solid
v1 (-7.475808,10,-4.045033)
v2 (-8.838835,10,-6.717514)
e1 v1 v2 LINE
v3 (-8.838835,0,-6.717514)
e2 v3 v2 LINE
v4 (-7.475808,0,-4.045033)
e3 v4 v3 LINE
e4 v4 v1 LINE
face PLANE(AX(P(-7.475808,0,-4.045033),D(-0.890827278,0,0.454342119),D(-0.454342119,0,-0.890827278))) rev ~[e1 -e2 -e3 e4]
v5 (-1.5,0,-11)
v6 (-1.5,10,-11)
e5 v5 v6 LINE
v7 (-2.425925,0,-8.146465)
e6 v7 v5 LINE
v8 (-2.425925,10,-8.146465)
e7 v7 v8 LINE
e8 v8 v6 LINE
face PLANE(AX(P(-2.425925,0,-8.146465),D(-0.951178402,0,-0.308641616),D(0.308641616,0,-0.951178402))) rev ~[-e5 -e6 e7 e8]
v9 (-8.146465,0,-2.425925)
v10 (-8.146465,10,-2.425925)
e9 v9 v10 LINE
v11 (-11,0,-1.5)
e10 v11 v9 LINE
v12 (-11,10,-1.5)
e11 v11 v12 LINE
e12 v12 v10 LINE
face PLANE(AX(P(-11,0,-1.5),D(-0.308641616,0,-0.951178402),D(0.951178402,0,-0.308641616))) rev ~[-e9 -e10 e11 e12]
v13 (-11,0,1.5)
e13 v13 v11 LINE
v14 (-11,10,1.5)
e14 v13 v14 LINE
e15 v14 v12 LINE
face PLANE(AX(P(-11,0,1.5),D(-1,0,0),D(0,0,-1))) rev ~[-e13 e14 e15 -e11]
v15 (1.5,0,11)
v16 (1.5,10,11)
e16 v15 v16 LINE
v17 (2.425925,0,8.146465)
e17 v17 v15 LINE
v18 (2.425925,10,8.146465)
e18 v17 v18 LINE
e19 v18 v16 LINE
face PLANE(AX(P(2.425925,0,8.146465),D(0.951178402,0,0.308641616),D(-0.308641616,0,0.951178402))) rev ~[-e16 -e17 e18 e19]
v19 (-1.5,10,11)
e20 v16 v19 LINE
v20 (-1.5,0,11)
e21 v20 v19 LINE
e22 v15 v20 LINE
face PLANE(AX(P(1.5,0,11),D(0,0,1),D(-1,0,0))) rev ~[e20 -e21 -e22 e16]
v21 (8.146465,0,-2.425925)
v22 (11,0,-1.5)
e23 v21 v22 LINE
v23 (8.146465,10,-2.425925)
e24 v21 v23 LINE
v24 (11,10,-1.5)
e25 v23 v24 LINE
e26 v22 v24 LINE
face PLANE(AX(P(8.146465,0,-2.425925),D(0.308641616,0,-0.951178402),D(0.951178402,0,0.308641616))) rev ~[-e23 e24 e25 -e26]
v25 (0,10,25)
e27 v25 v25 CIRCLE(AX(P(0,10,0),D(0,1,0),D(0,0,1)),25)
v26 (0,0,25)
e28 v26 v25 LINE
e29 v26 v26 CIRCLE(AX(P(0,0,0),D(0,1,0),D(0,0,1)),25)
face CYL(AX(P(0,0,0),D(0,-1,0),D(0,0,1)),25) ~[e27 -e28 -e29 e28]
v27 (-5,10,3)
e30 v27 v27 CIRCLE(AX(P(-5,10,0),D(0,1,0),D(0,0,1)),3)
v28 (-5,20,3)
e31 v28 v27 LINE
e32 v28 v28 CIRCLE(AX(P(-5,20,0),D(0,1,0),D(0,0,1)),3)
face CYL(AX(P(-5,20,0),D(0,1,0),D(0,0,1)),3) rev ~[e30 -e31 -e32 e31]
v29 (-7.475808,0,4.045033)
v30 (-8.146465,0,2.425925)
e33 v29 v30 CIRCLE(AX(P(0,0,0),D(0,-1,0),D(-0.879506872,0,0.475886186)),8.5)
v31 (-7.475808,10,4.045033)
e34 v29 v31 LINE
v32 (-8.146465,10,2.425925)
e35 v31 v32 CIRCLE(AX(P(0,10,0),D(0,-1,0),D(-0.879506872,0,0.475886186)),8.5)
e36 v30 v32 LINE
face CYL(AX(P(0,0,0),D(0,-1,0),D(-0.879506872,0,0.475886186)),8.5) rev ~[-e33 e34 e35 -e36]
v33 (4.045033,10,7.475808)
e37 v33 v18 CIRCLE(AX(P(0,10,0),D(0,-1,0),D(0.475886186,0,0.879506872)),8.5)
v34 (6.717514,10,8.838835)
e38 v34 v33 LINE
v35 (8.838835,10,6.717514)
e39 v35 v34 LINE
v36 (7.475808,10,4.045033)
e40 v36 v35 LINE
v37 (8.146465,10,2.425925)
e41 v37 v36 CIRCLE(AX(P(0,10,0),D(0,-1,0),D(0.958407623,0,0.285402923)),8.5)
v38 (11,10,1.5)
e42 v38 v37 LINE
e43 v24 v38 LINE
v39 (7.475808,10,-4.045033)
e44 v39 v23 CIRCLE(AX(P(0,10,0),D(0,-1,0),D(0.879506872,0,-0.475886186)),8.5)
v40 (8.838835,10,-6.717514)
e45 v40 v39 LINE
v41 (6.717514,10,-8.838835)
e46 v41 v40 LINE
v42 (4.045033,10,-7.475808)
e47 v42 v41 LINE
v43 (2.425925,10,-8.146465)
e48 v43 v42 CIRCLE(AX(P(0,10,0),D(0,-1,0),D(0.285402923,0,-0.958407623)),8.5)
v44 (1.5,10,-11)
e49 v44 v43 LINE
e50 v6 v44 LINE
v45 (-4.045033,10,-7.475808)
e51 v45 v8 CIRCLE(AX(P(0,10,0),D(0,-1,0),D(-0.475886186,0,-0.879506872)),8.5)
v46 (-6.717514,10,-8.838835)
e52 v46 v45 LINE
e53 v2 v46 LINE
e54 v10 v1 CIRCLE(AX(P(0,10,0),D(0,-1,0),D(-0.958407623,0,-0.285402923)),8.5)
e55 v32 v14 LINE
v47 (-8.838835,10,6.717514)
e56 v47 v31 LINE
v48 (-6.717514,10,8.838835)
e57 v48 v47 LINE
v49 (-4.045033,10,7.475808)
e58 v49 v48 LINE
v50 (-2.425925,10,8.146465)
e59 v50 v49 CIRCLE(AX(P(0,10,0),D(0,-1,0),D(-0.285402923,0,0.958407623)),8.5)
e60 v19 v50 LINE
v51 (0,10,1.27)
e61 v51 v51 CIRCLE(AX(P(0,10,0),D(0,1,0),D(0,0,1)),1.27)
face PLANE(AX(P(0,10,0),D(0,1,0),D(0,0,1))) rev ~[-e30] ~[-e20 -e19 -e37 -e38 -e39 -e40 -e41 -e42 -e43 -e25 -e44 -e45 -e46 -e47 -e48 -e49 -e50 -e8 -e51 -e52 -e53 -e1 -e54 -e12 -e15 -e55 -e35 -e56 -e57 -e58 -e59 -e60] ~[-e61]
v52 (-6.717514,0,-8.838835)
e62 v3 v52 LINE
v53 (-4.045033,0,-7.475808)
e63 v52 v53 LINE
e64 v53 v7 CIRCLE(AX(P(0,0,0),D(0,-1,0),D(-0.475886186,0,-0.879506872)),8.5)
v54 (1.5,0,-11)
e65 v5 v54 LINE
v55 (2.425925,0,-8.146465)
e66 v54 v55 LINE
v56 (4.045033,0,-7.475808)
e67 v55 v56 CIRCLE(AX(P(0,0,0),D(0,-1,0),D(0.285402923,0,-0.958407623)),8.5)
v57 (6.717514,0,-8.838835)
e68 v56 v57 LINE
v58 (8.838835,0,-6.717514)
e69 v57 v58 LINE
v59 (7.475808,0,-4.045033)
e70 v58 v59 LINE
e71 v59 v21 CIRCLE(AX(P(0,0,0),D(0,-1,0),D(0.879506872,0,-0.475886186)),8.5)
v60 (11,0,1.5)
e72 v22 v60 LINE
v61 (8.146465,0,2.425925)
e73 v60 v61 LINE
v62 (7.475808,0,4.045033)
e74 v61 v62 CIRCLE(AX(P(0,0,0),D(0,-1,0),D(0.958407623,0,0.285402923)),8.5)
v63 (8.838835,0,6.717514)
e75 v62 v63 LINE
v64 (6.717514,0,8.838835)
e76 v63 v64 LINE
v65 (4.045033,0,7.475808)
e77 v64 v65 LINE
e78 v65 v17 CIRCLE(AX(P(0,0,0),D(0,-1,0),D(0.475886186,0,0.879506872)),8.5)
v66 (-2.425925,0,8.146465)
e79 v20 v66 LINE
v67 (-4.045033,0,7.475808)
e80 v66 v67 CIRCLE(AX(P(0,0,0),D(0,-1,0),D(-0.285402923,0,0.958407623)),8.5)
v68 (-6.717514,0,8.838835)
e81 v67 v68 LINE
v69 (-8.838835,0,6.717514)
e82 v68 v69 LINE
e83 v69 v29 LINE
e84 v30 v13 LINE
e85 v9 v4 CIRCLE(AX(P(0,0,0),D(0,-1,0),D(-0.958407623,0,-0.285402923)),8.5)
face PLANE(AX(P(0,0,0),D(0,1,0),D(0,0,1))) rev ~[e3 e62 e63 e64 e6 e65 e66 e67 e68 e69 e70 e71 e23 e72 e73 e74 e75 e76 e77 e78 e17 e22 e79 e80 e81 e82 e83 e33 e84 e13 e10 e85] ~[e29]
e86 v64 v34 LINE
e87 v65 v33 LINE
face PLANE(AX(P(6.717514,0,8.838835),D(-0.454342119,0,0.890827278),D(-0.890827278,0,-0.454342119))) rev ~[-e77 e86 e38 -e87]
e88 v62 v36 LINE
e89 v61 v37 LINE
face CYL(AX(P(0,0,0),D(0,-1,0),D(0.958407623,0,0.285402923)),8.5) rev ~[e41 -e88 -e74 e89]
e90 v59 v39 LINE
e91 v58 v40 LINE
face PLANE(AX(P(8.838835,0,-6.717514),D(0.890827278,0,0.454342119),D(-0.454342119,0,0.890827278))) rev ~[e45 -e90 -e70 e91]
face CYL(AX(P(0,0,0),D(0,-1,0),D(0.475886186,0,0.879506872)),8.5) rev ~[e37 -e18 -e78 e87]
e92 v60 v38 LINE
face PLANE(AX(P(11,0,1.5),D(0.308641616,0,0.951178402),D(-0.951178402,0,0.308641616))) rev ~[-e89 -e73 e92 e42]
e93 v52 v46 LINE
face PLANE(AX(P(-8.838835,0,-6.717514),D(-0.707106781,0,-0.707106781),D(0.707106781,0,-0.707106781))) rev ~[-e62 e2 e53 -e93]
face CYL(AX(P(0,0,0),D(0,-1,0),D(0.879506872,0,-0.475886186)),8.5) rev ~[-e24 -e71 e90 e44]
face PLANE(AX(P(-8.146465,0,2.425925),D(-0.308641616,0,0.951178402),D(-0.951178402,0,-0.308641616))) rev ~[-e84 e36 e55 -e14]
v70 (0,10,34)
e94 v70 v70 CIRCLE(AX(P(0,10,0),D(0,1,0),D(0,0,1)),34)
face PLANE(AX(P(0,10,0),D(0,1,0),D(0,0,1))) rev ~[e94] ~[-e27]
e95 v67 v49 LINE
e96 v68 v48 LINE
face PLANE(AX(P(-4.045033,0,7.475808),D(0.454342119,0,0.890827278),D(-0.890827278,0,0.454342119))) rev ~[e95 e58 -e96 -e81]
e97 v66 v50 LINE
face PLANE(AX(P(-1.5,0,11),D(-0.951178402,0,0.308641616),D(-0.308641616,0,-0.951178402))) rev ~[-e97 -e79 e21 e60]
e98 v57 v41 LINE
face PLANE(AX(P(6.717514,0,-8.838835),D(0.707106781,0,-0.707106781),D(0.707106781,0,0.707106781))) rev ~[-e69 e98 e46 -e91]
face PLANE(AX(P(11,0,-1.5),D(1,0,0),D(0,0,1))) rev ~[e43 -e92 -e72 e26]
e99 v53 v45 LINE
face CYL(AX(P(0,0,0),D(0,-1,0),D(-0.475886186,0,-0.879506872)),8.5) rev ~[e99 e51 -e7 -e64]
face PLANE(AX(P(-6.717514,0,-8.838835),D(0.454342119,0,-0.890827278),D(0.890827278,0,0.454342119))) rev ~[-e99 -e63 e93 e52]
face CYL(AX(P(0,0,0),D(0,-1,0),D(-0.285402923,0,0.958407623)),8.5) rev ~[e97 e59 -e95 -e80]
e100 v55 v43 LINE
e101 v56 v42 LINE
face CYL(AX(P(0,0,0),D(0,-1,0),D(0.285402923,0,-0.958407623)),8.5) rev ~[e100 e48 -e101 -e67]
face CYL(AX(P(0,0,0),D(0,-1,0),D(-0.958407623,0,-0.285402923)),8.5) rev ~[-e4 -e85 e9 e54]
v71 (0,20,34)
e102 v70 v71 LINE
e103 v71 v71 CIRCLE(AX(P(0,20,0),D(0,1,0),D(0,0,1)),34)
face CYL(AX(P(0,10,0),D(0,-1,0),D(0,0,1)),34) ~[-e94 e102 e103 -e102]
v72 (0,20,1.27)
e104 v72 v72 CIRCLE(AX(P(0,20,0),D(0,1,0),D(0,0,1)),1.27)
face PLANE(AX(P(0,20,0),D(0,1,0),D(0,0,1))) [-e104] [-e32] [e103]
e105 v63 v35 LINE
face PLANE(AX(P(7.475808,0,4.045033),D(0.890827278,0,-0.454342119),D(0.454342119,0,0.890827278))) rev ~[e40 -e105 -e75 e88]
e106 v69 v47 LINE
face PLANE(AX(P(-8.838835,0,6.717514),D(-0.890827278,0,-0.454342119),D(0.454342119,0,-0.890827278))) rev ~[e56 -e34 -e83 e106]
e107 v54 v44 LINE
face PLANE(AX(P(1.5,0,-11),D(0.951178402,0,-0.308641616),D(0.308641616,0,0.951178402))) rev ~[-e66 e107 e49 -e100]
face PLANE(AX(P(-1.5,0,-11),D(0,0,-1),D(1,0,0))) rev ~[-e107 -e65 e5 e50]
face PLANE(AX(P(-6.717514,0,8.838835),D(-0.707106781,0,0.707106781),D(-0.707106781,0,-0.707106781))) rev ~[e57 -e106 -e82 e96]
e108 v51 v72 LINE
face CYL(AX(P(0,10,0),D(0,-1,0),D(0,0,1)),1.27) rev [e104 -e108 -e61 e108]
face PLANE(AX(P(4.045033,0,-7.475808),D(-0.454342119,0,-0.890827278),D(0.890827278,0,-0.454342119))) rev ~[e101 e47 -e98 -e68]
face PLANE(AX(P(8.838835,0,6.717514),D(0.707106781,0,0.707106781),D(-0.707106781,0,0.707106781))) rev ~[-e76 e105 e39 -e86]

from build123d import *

# Parameters (mm, degrees)
SKETCH1_R           = 25
BOSS_EXTRUDE1_DEPTH = 10
SKETCH2_R           = 34
SKETCH2_R_2         = 1.27
BOSS_EXTRUDE2_DEPTH = 10
SKETCH3_R           = 3
CUT_EXTRUDE1_DEPTH  = 53.076866265


with BuildPart() as part:
    # Sketch1 → Boss-Extrude1 (new body)
    with BuildSketch(Plane(origin=(0, 0, 0), x_dir=(1, 0, 0), z_dir=(0, 1, 0))):
        with Locations(Location((0, 0, 0), (0, 0, 270))):
            Circle(SKETCH1_R)
        with BuildLine():
            Line((-1.5, 11), (1.5, 11))
            Line((1.5, 11), (2.425924848, 8.146464793))
            ThreePointArc((2.425924848, 8.146464793), (3.252809175, 7.852976026), (4.045032587, 7.475808409))
            Line((4.045032587, 7.475808409), (6.717514421, 8.838834765))
            Line((6.717514421, 8.838834765), (8.838834765, 6.717514421))
            Line((8.838834765, 6.717514421), (7.475808409, 4.045032587))
            ThreePointArc((7.475808409, 4.045032587), (7.852976026, 3.252809175), (8.146464793, 2.425924848))
            Line((8.146464793, 2.425924848), (11, 1.5))
            Line((11, 1.5), (11, -1.5))
            Line((11, -1.5), (8.146464793, -2.425924848))
            ThreePointArc((8.146464793, -2.425924848), (7.852976026, -3.252809175), (7.475808409, -4.045032587))
            Line((7.475808409, -4.045032587), (8.838834765, -6.717514421))
            Line((8.838834765, -6.717514421), (6.717514421, -8.838834765))
            Line((6.717514421, -8.838834765), (4.045032587, -7.475808409))
            ThreePointArc((4.045032587, -7.475808409), (3.252809175, -7.852976026), (2.425924848, -8.146464793))
            Line((2.425924848, -8.146464793), (1.5, -11))
            Line((1.5, -11), (-1.5, -11))
            Line((-1.5, -11), (-2.425924848, -8.146464793))
            ThreePointArc((-2.425924848, -8.146464793), (-3.252809175, -7.852976026), (-4.045032587, -7.475808409))
            Line((-4.045032587, -7.475808409), (-6.717514421, -8.838834765))
            Line((-6.717514421, -8.838834765), (-8.838834765, -6.717514421))
            Line((-8.838834765, -6.717514421), (-7.475808409, -4.045032587))
            ThreePointArc((-7.475808409, -4.045032587), (-7.852976026, -3.252809175), (-8.146464793, -2.425924848))
            Line((-8.146464793, -2.425924848), (-11, -1.5))
            Line((-11, -1.5), (-11, 1.5))
            Line((-11, 1.5), (-8.146464793, 2.425924848))
            ThreePointArc((-8.146464793, 2.425924848), (-7.852976026, 3.252809175), (-7.475808409, 4.045032587))
            Line((-7.475808409, 4.045032587), (-8.838834765, 6.717514421))
            Line((-8.838834765, 6.717514421), (-6.717514421, 8.838834765))
            Line((-6.717514421, 8.838834765), (-4.045032587, 7.475808409))
            ThreePointArc((-4.045032587, 7.475808409), (-3.252809175, 7.852976026), (-2.425924848, 8.146464793))
            Line((-2.425924848, 8.146464793), (-1.5, 11))
        make_face(mode=Mode.SUBTRACT)
    extrude(amount=BOSS_EXTRUDE1_DEPTH)

    # Sketch2 → Boss-Extrude2 (add)
    with BuildSketch(Plane(origin=(0, 10, 0), x_dir=(1, 0, 0), z_dir=(0, 1, 0))):
        with Locations(Location((0, 0, 0), (0, 0, 270))):
            Circle(SKETCH2_R)
        with Locations(Location((0, 0, 0), (0, 0, 270))):
            Circle(SKETCH2_R_2, mode=Mode.SUBTRACT)
    extrude(amount=BOSS_EXTRUDE2_DEPTH)

    # Sketch3 → Cut-Extrude1 (cut, through all)
    with BuildSketch(Plane(origin=(0, 20, 0), x_dir=(1, 0, 0), z_dir=(0, 1, 0))):
        with Locations(Location((-5, 0, 0), (0, 0, 270))):
            Circle(SKETCH3_R)
    extrude(amount=-CUT_EXTRUDE1_DEPTH, mode=Mode.SUBTRACT)


solid = part.part
